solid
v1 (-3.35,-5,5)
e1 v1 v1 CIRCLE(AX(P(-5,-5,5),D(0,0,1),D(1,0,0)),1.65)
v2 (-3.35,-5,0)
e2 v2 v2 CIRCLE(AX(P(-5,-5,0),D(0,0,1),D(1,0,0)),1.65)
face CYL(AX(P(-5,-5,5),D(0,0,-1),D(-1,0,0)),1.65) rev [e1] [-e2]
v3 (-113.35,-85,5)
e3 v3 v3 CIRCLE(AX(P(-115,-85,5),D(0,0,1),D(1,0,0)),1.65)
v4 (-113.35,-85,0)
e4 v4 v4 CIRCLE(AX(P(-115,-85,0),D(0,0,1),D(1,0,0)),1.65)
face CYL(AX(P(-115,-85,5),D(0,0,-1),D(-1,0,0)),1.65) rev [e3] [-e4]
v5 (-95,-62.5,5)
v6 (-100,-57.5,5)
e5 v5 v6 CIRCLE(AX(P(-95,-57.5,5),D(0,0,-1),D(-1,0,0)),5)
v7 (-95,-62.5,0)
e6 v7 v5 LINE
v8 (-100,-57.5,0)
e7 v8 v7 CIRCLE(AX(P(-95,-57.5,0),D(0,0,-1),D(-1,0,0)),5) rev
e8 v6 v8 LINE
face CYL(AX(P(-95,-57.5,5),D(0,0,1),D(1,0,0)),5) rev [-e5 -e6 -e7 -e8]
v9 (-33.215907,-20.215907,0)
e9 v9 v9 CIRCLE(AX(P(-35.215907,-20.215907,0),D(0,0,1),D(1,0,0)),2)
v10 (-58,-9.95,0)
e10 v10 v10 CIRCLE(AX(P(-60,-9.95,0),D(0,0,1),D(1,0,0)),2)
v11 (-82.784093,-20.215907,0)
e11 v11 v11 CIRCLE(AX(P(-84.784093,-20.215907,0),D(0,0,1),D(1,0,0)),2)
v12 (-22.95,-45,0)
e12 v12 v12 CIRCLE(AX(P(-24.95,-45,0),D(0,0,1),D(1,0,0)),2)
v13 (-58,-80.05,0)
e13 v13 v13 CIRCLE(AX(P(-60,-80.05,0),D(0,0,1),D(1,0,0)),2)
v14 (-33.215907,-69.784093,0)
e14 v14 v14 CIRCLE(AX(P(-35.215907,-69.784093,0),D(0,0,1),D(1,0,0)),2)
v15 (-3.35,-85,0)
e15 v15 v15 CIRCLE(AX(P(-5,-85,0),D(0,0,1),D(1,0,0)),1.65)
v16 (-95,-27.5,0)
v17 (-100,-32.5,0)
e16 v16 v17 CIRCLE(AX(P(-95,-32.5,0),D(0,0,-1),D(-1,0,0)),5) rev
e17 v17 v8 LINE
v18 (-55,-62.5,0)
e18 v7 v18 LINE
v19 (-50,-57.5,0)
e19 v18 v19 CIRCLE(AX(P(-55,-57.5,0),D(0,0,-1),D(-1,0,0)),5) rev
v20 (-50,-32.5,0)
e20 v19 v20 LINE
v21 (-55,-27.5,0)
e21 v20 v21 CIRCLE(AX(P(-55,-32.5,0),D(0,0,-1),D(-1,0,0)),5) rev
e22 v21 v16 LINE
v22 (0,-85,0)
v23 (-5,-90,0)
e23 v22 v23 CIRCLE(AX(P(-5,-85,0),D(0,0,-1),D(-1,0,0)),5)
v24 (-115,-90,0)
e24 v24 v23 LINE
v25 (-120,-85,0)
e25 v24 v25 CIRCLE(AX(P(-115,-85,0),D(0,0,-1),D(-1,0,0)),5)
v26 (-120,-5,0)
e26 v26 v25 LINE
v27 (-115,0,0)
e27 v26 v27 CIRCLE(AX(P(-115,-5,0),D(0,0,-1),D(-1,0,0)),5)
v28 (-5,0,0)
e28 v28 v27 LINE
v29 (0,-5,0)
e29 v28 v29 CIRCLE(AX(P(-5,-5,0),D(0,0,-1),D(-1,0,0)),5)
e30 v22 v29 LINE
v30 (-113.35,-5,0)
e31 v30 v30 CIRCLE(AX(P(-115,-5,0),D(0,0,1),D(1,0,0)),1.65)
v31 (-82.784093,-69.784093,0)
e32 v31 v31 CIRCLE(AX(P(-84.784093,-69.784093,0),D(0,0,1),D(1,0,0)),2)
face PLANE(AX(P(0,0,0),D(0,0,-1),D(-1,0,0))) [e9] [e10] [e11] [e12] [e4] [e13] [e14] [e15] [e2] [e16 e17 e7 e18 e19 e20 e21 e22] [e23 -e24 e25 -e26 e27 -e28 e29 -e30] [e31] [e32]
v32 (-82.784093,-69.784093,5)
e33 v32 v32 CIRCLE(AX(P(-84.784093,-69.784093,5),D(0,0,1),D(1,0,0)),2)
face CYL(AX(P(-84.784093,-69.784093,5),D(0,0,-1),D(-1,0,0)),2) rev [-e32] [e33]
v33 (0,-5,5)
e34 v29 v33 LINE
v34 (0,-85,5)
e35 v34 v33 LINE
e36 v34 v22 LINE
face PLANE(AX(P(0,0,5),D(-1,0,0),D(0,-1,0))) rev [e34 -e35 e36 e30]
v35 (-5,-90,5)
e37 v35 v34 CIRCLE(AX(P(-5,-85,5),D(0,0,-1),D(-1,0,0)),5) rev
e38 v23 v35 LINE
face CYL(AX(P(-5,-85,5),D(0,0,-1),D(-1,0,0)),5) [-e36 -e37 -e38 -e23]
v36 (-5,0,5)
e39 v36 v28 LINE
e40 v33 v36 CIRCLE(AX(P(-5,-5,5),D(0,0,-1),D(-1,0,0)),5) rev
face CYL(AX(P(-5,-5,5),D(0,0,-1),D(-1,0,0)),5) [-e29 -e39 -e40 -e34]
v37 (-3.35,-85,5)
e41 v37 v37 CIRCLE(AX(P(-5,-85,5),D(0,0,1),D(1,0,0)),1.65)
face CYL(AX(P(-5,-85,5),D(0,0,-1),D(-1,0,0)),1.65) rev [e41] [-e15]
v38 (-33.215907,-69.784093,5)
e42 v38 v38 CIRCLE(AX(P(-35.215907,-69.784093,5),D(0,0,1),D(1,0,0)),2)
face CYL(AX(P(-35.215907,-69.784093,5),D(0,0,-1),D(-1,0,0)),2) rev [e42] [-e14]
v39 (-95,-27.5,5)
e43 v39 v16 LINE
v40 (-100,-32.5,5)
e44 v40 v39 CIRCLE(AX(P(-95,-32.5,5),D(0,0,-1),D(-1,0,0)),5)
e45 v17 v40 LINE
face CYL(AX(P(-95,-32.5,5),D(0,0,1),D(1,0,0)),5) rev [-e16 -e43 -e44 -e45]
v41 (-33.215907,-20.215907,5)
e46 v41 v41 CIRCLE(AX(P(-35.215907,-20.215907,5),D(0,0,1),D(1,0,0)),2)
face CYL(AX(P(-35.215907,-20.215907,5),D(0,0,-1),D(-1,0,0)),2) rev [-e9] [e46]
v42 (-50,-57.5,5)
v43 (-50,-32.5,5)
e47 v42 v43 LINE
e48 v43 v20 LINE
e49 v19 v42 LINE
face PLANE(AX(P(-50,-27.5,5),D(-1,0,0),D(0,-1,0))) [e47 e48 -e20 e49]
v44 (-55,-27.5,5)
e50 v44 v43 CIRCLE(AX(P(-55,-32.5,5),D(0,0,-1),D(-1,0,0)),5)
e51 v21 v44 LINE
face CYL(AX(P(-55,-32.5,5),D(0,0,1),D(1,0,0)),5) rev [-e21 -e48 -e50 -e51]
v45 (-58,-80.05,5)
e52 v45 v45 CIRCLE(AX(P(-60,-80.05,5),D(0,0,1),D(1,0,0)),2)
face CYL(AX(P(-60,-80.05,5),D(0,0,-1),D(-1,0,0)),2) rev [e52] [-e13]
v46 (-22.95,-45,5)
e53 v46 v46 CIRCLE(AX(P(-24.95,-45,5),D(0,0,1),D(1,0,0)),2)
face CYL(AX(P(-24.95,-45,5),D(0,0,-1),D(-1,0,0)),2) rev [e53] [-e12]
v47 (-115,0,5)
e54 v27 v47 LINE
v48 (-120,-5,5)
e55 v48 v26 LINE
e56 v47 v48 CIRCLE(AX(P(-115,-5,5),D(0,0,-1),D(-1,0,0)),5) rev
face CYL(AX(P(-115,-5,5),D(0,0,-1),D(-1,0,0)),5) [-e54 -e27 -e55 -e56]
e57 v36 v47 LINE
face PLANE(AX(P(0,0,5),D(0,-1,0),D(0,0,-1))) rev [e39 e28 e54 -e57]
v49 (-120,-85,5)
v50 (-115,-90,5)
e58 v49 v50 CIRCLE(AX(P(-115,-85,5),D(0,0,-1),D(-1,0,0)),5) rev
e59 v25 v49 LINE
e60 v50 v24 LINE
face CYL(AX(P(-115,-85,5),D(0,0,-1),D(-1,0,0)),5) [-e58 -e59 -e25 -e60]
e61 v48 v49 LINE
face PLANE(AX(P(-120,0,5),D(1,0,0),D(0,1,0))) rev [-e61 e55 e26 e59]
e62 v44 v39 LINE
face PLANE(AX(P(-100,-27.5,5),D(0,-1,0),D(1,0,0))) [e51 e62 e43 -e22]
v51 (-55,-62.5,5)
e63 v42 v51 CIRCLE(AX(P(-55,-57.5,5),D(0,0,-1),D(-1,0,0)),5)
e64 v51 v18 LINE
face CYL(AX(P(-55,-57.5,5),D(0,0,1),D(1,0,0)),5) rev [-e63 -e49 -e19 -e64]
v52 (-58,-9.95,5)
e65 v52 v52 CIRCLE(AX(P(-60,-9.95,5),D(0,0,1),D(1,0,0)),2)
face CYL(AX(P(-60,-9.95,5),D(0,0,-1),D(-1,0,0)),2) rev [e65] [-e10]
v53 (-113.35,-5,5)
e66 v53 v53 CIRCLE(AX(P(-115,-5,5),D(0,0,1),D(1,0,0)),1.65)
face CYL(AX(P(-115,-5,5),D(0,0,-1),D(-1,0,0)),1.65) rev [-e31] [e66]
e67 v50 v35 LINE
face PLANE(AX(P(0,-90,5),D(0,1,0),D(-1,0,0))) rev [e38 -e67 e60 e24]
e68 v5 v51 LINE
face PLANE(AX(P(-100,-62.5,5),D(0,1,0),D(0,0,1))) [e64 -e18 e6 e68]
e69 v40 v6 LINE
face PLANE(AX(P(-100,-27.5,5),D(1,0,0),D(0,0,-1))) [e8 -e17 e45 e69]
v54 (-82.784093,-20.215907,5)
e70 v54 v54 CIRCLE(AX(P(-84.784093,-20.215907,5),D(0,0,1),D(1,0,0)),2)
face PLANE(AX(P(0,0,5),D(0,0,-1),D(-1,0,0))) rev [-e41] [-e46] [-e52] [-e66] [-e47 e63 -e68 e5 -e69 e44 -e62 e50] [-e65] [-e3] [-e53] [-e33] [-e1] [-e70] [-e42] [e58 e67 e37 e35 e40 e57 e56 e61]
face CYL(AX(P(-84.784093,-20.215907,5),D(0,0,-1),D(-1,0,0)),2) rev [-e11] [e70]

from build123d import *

# Parameters (mm, degrees)
SKETCH_1_W      = 120
SKETCH_1_H      = 90
SKETCH_1_R      = 1.65
SKETCH_1_R_2    = 2
SKETCH_1_W_2    = 50
SKETCH_1_H_2    = 35
EXTRUDE_1_DEPTH = 5
FILLET_1_R      = 5
FILLET_2_R      = 5


with BuildPart() as part:
    # 草图1 → 凸台-拉伸1 (new body)
    with BuildSketch(Plane.XY):
        with Locations((-60, -45)):
            Rectangle(SKETCH_1_W, SKETCH_1_H)
        with Locations((-115, -85)):
            Circle(SKETCH_1_R, mode=Mode.SUBTRACT)
        with Locations((-5, -85)):
            Circle(SKETCH_1_R, mode=Mode.SUBTRACT)
        with Locations((-5, -5)):
            Circle(SKETCH_1_R, mode=Mode.SUBTRACT)
        with Locations((-115, -5)):
            Circle(SKETCH_1_R, mode=Mode.SUBTRACT)
        with Locations((-24.95, -45)):
            Circle(SKETCH_1_R_2, mode=Mode.SUBTRACT)
        with Locations((-35.215907319, -69.784092681)):
            Circle(SKETCH_1_R_2, mode=Mode.SUBTRACT)
        with Locations((-60, -80.05)):
            Circle(SKETCH_1_R_2, mode=Mode.SUBTRACT)
        with Locations((-84.784092681, -69.784092681)):
            Circle(SKETCH_1_R_2, mode=Mode.SUBTRACT)
        with Locations((-84.784092681, -20.215907319)):
            Circle(SKETCH_1_R_2, mode=Mode.SUBTRACT)
        with Locations((-60, -9.95)):
            Circle(SKETCH_1_R_2, mode=Mode.SUBTRACT)
        with Locations((-35.215907319, -20.215907319)):
            Circle(SKETCH_1_R_2, mode=Mode.SUBTRACT)
        with Locations((-75, -45)):
            Rectangle(SKETCH_1_W_2, SKETCH_1_H_2, mode=Mode.SUBTRACT)
    extrude(amount=EXTRUDE_1_DEPTH)

    # 圆角1
    fillet_1_edges = [part.edges().sort_by_distance(p)[0] for p in [
        (0, -90, 2.5),
        (-120, -90, 2.5),
        (-120, 0, 2.5),
        (0, 0, 2.5),
    ]]
    fillet(fillet_1_edges, radius=FILLET_1_R)

    # 圆角2
    fillet_2_edges = [part.edges().sort_by_distance(p)[0] for p in [
        (-100, -27.5, 2.5),
        (-100, -62.5, 2.5),
        (-50, -62.5, 2.5),
        (-50, -27.5, 2.5),
    ]]
    fillet(fillet_2_edges, radius=FILLET_2_R)


solid = part.part
